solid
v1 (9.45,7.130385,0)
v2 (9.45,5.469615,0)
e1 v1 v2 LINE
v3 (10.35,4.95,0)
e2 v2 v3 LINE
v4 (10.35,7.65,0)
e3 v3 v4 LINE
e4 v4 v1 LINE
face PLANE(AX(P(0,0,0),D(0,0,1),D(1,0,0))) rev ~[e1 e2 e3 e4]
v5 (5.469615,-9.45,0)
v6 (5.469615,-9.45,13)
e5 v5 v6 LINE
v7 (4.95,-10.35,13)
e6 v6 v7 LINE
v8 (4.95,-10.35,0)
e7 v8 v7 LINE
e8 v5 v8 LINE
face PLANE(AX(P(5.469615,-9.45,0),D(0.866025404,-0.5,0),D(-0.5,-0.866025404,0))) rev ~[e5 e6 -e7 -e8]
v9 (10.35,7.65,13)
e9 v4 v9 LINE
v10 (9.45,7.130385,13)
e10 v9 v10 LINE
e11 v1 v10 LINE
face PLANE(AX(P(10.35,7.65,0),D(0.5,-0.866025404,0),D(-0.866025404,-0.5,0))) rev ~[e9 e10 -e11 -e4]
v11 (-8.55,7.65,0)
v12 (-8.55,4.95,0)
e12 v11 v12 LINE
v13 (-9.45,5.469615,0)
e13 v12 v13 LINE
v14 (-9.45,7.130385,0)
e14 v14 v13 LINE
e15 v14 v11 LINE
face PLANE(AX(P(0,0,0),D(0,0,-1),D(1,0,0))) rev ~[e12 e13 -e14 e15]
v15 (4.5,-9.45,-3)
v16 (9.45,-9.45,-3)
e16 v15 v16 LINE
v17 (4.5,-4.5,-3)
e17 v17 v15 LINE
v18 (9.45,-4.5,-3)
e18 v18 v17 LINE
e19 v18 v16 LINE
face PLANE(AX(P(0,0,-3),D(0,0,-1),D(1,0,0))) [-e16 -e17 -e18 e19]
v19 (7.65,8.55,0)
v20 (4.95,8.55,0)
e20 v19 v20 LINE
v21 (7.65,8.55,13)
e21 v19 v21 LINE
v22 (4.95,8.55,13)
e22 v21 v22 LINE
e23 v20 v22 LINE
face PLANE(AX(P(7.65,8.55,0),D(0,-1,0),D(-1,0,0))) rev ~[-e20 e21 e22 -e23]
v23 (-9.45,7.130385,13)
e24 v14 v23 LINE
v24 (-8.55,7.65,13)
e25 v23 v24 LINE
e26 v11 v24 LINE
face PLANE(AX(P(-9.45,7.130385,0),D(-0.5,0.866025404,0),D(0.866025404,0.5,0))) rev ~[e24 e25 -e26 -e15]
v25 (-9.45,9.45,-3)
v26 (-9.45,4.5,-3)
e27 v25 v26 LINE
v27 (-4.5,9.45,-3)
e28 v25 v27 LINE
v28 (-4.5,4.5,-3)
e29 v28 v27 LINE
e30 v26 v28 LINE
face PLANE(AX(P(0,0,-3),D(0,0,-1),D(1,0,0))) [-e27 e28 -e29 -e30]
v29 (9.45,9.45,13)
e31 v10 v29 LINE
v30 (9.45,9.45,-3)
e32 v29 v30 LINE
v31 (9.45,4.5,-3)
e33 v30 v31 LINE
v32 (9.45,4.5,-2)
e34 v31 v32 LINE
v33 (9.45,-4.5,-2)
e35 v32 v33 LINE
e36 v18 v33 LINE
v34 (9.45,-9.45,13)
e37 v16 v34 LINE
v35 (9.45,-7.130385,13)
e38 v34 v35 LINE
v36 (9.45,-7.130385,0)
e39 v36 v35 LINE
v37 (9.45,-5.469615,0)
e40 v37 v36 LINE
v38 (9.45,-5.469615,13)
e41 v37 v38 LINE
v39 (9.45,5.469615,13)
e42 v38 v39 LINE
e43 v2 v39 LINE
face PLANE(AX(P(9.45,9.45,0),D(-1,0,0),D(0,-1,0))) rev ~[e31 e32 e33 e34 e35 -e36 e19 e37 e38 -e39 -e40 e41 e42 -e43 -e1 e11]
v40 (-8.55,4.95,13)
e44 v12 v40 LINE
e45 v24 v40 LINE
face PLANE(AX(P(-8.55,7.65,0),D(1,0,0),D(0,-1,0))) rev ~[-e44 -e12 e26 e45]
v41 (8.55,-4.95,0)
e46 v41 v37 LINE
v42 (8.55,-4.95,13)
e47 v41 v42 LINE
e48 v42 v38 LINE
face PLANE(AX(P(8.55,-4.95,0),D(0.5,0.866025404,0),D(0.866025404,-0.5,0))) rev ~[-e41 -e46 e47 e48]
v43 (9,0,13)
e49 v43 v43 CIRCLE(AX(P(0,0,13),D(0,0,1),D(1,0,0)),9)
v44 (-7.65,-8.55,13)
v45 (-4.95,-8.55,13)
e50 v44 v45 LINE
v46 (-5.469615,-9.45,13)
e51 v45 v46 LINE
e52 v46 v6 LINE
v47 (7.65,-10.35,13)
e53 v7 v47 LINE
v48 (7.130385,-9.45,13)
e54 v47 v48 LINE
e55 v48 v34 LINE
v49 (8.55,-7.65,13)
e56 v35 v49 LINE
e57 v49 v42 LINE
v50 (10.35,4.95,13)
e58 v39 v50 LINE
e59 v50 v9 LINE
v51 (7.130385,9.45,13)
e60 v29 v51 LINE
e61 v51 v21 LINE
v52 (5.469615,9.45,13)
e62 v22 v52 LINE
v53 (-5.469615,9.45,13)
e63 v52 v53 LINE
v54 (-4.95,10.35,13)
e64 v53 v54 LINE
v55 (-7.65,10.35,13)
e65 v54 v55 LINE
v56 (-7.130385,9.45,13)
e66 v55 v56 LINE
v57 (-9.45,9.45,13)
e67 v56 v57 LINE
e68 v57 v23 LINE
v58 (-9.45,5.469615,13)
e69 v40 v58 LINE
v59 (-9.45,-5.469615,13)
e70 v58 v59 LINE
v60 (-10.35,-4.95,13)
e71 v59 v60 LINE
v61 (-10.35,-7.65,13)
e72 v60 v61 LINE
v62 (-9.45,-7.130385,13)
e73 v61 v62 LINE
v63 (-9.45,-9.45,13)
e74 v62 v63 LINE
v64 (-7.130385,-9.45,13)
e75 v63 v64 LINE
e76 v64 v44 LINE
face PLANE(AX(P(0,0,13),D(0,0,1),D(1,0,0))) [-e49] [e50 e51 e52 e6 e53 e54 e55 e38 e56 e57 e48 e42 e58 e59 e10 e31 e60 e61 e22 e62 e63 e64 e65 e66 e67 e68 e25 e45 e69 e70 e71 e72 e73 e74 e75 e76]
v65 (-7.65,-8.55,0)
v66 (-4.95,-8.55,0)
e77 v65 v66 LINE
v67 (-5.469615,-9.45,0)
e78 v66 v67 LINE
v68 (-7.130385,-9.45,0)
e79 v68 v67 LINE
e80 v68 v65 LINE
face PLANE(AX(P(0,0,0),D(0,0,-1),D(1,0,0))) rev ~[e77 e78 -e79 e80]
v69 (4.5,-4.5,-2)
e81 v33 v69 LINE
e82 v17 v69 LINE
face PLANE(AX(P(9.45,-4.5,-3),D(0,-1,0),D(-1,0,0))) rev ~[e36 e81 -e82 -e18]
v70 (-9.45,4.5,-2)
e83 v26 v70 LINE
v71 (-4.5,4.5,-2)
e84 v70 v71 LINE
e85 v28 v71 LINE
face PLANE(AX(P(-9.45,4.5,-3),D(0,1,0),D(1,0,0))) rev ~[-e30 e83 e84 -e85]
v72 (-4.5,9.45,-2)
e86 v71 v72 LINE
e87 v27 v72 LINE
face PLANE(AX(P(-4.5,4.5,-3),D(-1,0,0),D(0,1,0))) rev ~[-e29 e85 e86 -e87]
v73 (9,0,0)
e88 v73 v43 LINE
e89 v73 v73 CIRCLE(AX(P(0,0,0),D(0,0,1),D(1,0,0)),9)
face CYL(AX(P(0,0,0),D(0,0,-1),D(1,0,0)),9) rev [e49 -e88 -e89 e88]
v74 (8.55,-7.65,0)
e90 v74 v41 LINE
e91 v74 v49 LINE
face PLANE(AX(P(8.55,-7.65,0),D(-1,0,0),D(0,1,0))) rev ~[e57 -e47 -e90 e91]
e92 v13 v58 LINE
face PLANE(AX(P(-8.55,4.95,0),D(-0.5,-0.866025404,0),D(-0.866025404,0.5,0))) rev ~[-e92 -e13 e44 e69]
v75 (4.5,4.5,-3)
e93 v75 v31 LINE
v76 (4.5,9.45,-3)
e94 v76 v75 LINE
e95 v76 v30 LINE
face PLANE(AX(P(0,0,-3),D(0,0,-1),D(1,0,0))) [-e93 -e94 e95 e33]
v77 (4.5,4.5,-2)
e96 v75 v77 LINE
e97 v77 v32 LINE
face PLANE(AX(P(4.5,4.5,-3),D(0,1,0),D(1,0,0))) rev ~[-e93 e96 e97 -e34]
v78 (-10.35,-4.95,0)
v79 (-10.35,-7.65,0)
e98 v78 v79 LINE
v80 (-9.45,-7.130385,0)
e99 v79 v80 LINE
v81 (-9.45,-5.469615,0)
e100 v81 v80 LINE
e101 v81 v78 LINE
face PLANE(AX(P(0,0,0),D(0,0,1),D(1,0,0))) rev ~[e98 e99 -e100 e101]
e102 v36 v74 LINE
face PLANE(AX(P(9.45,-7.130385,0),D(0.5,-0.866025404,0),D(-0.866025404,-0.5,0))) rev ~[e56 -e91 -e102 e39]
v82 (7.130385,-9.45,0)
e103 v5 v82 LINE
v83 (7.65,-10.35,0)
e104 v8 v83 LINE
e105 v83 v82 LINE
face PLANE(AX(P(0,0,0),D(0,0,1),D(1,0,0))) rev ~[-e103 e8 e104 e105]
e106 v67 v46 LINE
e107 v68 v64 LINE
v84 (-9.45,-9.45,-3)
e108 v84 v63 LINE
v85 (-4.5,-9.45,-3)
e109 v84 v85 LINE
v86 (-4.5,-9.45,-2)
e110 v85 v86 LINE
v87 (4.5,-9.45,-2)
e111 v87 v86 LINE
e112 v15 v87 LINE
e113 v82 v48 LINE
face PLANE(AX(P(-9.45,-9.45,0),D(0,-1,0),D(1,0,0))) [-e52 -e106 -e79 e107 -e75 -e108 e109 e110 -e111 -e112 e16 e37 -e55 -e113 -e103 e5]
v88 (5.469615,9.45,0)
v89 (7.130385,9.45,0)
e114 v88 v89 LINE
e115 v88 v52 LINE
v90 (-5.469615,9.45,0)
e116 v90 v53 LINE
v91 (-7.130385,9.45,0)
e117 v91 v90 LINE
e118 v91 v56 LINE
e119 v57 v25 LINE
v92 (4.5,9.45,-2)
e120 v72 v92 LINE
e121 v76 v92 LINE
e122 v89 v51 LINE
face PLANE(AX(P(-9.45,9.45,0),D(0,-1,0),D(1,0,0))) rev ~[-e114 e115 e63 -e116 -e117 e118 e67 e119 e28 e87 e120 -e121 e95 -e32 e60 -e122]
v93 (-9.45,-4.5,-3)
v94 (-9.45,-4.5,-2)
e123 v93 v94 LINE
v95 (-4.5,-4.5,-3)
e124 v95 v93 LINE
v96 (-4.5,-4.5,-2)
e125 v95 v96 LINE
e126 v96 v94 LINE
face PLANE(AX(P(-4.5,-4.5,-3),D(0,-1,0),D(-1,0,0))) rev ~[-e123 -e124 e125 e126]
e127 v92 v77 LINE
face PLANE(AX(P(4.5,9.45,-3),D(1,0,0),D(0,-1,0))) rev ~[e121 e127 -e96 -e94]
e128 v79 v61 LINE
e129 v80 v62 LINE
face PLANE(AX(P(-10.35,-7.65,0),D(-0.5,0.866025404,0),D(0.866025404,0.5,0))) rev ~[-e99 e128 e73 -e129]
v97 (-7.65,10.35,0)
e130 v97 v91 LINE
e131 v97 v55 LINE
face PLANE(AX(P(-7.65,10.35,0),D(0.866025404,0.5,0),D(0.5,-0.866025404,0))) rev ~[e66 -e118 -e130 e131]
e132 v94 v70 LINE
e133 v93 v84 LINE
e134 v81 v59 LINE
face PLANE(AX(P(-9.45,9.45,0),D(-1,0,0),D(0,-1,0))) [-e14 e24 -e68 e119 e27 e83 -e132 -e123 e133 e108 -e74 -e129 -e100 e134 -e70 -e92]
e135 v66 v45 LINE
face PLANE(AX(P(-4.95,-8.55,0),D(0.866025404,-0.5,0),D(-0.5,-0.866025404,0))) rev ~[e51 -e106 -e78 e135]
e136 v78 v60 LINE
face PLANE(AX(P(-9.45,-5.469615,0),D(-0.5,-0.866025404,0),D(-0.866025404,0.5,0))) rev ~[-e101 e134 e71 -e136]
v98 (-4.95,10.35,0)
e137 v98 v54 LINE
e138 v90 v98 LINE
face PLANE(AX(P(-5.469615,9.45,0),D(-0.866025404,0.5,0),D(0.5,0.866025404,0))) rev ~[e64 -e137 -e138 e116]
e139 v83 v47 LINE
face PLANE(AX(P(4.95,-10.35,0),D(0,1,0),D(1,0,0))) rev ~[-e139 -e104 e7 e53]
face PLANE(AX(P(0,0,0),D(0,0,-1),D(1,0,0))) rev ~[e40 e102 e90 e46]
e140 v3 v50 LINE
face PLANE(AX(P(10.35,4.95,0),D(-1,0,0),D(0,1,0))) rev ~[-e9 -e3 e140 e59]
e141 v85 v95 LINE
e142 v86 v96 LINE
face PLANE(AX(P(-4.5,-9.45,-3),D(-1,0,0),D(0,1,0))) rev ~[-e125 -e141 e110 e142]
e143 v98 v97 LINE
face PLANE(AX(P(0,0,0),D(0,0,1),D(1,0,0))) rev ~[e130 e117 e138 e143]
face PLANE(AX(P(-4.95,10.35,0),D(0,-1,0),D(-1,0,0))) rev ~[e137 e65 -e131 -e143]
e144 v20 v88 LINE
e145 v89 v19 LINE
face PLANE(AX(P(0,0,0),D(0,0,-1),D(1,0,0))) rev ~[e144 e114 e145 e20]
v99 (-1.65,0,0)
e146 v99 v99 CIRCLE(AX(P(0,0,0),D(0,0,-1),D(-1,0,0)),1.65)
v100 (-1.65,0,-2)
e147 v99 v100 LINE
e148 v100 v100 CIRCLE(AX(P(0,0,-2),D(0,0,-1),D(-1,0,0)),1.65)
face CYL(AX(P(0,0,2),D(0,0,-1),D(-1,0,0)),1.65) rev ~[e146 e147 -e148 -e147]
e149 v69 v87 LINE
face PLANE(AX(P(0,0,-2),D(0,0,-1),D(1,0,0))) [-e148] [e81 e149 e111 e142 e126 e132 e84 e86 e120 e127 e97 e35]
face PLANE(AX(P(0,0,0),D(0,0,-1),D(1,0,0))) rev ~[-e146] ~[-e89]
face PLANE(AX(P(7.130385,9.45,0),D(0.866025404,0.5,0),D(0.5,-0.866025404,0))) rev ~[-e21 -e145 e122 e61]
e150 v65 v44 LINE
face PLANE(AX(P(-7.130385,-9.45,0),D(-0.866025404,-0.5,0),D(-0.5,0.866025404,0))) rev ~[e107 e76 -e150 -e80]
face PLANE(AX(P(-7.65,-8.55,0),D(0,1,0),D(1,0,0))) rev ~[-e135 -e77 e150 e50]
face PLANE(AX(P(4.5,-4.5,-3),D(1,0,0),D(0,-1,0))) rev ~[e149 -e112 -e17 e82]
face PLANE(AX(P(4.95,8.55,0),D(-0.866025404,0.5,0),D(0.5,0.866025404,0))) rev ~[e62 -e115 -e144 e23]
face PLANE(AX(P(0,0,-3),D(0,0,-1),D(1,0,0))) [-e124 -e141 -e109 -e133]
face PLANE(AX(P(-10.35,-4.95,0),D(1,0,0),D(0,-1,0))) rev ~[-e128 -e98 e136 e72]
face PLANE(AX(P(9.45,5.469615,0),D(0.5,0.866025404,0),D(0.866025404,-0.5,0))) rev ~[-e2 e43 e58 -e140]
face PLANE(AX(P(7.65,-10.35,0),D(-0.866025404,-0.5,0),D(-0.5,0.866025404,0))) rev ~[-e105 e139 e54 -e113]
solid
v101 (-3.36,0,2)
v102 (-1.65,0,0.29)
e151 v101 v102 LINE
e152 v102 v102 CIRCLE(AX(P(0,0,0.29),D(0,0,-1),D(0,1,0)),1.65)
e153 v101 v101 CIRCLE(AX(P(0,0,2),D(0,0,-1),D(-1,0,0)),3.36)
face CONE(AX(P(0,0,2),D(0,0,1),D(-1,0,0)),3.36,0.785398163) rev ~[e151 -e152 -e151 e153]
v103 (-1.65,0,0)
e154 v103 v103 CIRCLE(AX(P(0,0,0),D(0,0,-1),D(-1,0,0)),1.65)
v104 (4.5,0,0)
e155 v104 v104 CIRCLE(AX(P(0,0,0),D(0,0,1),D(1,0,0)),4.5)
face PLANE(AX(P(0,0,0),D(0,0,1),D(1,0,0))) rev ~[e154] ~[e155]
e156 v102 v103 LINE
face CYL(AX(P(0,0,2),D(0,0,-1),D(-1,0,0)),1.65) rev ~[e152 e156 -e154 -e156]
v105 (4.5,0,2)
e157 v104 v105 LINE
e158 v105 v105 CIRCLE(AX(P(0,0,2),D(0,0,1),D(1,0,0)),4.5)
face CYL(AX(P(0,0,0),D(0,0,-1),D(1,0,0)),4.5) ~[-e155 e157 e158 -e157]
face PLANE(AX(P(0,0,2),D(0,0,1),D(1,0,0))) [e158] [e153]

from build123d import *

# Parameters (mm, degrees)
F1_R              = 9
F2_DEPTH          = 13
F3_W              = 18.9
F3_H              = 18.9
F4_DEPTH          = 3
F5_R              = 4.5
F6_DEPTH          = 2
F8_DEPTH          = 1
F10_D             = 3.3
F10_CSINK_D       = 6.72
F10_CSINK_ANGLE   = 90
F10_2_D           = 3.3
F10_2_CSINK_D     = 6.72
F10_2_CSINK_ANGLE = 90


with BuildPart() as f2:
    # F1 (on Top) → F2 (new body)
    with BuildSketch(Plane.XY):
        Polygon((7.1303847577, -9.45), (9.45, -9.45), (9.45, -7.1303847577), (8.55, -7.65), (8.55, -4.95), (9.45, -5.4696152423), (9.45, 5.4696152423), (10.35, 4.95), (10.35, 7.65), (9.45, 7.1303847577), (9.45, 9.45), (7.1303847577, 9.45), (7.65, 8.55), (4.95, 8.55), (5.4696152423, 9.45), (-5.4696152423, 9.45), (-4.95, 10.35), (-7.65, 10.35), (-7.1303847577, 9.45), (-9.45, 9.45), (-9.45, 7.1303847577), (-8.55, 7.65), (-8.55, 4.95), (-9.45, 5.4696152423), (-9.45, -5.4696152423), (-10.35, -4.95), (-10.35, -7.65), (-9.45, -7.1303847577), (-9.45, -9.45), (-7.1303847577, -9.45), (-7.65, -8.55), (-4.95, -8.55), (-5.4696152423, -9.45), (5.4696152423, -9.45), (4.95, -10.35), (7.65, -10.35), align=None)
        Circle(F1_R, mode=Mode.SUBTRACT)
    extrude(amount=F2_DEPTH)

    # F3 (on face) → F4 (join)
    with BuildSketch(Plane(origin=(0, 0, 0), x_dir=(1, 0, 0), z_dir=(0, 0, -1))):
        Rectangle(F3_W, F3_H)
    extrude(amount=F4_DEPTH)

    # F7 (on face) → F8 (cut)
    with BuildSketch(Plane(origin=(0, 0, -3), x_dir=(1, 0, 0), z_dir=(0, 0, -1))):
        Polygon((-4.5, -9.45), (4.5, -9.45), (4.5, -4.5), (9.45, -4.5), (9.45, 4.5), (4.5, 4.5), (4.5, 9.45), (-4.5, 9.45), (-4.5, 4.5), (-9.45, 4.5), (-9.45, -4.5), (-4.5, -4.5), align=None)
    extrude(amount=-F8_DEPTH, mode=Mode.SUBTRACT)

    # F10 (through all)
    with Locations(Plane.XY.offset(2)):
        with Locations((0, 0)):
            CounterSinkHole(F10_D / 2, F10_CSINK_D / 2, counter_sink_angle=F10_CSINK_ANGLE)


with BuildPart() as f6:
    # F5 (on face) → F6 (new body)
    with BuildSketch(Plane.XY):
        Circle(F5_R)
    extrude(amount=F6_DEPTH)

    # F10#2 (through all)
    with Locations(Plane.XY.offset(2)):
        with Locations((0, 0)):
            CounterSinkHole(F10_2_D / 2, F10_2_CSINK_D / 2, counter_sink_angle=F10_2_CSINK_ANGLE)


solid = Compound([f2.part, f6.part])
